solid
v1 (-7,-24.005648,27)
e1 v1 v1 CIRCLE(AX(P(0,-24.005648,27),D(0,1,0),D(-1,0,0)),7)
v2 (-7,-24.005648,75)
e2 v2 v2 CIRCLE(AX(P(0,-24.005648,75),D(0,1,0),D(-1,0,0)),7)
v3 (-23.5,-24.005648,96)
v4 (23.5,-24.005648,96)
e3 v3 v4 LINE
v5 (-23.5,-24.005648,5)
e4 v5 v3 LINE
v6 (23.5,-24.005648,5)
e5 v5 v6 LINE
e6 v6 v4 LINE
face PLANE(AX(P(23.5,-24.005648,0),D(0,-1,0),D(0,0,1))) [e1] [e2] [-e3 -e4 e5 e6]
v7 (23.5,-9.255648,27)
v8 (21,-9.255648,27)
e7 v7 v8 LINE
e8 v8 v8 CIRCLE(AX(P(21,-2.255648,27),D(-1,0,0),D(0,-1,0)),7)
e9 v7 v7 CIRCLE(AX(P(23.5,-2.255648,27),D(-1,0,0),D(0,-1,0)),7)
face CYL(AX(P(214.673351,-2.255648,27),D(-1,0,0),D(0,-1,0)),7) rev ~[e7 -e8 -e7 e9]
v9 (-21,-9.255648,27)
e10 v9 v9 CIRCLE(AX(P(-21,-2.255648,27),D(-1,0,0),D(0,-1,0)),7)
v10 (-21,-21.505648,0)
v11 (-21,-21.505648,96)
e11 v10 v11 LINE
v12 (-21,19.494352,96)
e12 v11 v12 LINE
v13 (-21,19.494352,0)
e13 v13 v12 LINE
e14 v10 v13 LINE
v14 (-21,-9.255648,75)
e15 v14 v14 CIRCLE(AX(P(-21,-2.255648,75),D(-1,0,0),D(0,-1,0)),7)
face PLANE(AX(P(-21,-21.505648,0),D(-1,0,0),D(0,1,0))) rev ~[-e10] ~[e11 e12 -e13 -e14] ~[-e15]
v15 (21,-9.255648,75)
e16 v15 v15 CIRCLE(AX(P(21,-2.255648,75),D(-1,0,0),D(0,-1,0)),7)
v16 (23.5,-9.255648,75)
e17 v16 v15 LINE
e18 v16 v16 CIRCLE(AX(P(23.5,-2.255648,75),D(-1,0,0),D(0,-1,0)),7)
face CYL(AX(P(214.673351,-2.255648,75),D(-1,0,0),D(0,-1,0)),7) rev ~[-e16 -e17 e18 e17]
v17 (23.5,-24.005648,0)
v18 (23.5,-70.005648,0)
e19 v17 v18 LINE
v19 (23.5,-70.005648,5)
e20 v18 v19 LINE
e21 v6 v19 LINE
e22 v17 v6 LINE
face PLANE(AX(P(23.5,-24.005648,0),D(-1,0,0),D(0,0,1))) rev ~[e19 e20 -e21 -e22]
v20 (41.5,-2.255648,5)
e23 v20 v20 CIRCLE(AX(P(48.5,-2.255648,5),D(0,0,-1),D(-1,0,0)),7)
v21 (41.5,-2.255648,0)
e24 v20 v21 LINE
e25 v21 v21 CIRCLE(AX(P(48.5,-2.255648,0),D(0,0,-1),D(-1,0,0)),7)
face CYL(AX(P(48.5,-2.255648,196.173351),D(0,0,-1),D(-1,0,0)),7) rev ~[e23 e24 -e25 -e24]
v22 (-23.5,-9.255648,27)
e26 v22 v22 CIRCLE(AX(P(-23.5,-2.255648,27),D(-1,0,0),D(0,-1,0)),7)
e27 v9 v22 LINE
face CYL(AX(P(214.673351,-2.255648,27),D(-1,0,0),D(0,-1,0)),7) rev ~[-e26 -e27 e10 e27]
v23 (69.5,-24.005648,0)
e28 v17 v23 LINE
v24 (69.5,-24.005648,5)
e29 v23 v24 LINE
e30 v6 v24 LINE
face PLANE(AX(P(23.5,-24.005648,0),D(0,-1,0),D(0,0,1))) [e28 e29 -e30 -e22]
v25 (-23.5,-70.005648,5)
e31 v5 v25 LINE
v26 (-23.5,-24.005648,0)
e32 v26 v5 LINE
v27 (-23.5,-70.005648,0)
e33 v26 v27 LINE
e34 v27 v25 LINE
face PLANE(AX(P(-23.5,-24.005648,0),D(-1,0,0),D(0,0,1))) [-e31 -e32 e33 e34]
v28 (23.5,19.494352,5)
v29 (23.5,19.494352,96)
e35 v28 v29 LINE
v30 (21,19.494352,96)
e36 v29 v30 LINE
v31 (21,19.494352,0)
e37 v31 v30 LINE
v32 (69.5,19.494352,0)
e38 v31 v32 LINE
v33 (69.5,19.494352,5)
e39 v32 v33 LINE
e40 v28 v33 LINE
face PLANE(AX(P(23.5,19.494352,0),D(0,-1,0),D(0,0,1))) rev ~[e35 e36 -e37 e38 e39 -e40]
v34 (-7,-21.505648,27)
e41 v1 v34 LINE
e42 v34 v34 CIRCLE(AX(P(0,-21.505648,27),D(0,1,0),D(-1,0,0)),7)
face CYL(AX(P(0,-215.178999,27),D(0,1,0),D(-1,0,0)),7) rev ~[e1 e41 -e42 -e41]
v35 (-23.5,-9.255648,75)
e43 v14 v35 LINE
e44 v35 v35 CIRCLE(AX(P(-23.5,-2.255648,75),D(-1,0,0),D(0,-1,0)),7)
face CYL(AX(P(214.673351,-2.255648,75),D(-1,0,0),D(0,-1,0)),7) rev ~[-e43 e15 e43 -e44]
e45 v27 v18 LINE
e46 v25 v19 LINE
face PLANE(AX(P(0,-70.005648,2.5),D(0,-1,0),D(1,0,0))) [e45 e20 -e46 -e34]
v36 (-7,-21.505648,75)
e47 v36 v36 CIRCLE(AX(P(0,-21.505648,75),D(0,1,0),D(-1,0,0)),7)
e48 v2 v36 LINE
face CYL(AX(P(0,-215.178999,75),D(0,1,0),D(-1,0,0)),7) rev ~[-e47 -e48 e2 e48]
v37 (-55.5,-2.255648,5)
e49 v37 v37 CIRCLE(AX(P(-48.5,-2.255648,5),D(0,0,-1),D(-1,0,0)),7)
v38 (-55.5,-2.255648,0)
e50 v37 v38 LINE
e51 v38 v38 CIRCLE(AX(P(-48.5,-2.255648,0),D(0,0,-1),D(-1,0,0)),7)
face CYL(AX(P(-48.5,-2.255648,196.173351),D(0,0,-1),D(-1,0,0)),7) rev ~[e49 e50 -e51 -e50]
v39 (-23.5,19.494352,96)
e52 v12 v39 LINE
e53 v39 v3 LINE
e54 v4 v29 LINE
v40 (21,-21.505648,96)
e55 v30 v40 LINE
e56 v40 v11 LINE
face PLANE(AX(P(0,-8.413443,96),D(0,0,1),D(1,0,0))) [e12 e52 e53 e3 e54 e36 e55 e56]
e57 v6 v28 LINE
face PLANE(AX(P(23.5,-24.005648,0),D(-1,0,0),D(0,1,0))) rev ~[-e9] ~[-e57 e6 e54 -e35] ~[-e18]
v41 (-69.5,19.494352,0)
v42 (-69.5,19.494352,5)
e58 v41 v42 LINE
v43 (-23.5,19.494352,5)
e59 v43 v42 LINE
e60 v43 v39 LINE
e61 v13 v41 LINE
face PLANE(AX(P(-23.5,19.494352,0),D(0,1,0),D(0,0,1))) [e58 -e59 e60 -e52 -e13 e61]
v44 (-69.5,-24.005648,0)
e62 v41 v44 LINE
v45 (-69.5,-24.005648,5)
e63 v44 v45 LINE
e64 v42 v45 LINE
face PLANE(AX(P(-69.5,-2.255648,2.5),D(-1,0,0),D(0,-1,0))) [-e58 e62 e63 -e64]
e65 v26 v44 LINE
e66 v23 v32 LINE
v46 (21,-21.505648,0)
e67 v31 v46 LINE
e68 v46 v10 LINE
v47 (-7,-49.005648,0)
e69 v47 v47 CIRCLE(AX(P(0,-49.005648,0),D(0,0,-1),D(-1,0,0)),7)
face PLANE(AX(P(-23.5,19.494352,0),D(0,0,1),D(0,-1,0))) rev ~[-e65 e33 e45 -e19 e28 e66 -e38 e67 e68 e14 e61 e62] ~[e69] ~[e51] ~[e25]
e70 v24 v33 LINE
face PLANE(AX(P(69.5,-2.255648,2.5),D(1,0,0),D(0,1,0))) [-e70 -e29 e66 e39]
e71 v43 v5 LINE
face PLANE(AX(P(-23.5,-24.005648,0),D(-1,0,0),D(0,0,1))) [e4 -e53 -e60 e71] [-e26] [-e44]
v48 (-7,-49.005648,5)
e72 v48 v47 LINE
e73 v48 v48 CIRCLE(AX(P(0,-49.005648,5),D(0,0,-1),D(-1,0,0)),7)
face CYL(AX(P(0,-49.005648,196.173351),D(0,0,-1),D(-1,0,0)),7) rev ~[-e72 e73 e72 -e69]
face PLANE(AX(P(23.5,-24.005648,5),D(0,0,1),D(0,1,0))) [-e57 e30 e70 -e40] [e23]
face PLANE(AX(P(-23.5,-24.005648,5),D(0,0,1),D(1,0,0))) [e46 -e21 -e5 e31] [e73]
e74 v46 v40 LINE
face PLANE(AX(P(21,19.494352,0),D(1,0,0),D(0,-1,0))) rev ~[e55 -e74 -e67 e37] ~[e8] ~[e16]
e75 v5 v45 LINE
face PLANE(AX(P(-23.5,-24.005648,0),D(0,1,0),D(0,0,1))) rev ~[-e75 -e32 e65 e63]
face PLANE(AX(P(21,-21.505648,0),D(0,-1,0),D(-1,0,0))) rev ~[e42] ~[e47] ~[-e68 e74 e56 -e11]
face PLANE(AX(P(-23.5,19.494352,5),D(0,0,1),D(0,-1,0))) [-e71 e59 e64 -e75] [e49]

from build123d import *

# Parameters (mm, degrees)
F1_DEPTH = 96
F2_W     = 43.5
F2_H     = 5
F3_DEPTH = 46
F4_W     = 47
F4_H     = 5
F5_DEPTH = 46
F6_W     = 43.5
F6_H     = 5
F7_DEPTH = 46
F9_D     = 14
F11_D    = 14
F13_D    = 14


with BuildPart() as f1:
    # F0 (on Top) → F1 (new body)
    with BuildSketch(Plane.XY):
        Polygon((-21, -21.505648), (-21, 19.494352), (-23.5, 19.494352), (-23.5, -24.005648), (23.5, -24.005648), (23.5, 19.494352), (21, 19.494352), (21, -21.505648), align=None)
    extrude(amount=F1_DEPTH)

    # F2 (on face) → F3 (join)
    with BuildSketch(Plane.YZ.offset(23.5)):
        with Locations((-2.255648, 2.5)):
            Rectangle(F2_W, F2_H)
    extrude(amount=F3_DEPTH)

    # F4 (on face) → F5 (join)
    with BuildSketch(Plane.XZ.offset(24.005648)):
        with Locations((0, 2.5)):
            Rectangle(F4_W, F4_H)
    extrude(amount=F5_DEPTH)

    # F6 (on face) → F7 (join)
    with BuildSketch(Plane(origin=(-23.5, 0, 0), x_dir=(0, -1, 0), z_dir=(-1, 0, 0))):
        with Locations((2.255648, 2.5)):
            Rectangle(F6_W, F6_H)
    extrude(amount=F7_DEPTH)

    # F9 (through all)
    with Locations(Plane.XY.offset(5)):
        with Locations((-48.5, -2.255648), (0, -49.005648), (48.5, -2.255648)):
            Hole(F9_D / 2)

    # F11 (through all)
    with Locations(Plane.XZ.offset(24.005648)):
        with Locations((0, 75), (0, 27)):
            Hole(F11_D / 2)

    # F13 (through all)
    with Locations(Plane.YZ.offset(23.5)):
        with Locations((-2.255648, 75), (-2.255648, 27)):
            Hole(F13_D / 2)


solid = f1.part
